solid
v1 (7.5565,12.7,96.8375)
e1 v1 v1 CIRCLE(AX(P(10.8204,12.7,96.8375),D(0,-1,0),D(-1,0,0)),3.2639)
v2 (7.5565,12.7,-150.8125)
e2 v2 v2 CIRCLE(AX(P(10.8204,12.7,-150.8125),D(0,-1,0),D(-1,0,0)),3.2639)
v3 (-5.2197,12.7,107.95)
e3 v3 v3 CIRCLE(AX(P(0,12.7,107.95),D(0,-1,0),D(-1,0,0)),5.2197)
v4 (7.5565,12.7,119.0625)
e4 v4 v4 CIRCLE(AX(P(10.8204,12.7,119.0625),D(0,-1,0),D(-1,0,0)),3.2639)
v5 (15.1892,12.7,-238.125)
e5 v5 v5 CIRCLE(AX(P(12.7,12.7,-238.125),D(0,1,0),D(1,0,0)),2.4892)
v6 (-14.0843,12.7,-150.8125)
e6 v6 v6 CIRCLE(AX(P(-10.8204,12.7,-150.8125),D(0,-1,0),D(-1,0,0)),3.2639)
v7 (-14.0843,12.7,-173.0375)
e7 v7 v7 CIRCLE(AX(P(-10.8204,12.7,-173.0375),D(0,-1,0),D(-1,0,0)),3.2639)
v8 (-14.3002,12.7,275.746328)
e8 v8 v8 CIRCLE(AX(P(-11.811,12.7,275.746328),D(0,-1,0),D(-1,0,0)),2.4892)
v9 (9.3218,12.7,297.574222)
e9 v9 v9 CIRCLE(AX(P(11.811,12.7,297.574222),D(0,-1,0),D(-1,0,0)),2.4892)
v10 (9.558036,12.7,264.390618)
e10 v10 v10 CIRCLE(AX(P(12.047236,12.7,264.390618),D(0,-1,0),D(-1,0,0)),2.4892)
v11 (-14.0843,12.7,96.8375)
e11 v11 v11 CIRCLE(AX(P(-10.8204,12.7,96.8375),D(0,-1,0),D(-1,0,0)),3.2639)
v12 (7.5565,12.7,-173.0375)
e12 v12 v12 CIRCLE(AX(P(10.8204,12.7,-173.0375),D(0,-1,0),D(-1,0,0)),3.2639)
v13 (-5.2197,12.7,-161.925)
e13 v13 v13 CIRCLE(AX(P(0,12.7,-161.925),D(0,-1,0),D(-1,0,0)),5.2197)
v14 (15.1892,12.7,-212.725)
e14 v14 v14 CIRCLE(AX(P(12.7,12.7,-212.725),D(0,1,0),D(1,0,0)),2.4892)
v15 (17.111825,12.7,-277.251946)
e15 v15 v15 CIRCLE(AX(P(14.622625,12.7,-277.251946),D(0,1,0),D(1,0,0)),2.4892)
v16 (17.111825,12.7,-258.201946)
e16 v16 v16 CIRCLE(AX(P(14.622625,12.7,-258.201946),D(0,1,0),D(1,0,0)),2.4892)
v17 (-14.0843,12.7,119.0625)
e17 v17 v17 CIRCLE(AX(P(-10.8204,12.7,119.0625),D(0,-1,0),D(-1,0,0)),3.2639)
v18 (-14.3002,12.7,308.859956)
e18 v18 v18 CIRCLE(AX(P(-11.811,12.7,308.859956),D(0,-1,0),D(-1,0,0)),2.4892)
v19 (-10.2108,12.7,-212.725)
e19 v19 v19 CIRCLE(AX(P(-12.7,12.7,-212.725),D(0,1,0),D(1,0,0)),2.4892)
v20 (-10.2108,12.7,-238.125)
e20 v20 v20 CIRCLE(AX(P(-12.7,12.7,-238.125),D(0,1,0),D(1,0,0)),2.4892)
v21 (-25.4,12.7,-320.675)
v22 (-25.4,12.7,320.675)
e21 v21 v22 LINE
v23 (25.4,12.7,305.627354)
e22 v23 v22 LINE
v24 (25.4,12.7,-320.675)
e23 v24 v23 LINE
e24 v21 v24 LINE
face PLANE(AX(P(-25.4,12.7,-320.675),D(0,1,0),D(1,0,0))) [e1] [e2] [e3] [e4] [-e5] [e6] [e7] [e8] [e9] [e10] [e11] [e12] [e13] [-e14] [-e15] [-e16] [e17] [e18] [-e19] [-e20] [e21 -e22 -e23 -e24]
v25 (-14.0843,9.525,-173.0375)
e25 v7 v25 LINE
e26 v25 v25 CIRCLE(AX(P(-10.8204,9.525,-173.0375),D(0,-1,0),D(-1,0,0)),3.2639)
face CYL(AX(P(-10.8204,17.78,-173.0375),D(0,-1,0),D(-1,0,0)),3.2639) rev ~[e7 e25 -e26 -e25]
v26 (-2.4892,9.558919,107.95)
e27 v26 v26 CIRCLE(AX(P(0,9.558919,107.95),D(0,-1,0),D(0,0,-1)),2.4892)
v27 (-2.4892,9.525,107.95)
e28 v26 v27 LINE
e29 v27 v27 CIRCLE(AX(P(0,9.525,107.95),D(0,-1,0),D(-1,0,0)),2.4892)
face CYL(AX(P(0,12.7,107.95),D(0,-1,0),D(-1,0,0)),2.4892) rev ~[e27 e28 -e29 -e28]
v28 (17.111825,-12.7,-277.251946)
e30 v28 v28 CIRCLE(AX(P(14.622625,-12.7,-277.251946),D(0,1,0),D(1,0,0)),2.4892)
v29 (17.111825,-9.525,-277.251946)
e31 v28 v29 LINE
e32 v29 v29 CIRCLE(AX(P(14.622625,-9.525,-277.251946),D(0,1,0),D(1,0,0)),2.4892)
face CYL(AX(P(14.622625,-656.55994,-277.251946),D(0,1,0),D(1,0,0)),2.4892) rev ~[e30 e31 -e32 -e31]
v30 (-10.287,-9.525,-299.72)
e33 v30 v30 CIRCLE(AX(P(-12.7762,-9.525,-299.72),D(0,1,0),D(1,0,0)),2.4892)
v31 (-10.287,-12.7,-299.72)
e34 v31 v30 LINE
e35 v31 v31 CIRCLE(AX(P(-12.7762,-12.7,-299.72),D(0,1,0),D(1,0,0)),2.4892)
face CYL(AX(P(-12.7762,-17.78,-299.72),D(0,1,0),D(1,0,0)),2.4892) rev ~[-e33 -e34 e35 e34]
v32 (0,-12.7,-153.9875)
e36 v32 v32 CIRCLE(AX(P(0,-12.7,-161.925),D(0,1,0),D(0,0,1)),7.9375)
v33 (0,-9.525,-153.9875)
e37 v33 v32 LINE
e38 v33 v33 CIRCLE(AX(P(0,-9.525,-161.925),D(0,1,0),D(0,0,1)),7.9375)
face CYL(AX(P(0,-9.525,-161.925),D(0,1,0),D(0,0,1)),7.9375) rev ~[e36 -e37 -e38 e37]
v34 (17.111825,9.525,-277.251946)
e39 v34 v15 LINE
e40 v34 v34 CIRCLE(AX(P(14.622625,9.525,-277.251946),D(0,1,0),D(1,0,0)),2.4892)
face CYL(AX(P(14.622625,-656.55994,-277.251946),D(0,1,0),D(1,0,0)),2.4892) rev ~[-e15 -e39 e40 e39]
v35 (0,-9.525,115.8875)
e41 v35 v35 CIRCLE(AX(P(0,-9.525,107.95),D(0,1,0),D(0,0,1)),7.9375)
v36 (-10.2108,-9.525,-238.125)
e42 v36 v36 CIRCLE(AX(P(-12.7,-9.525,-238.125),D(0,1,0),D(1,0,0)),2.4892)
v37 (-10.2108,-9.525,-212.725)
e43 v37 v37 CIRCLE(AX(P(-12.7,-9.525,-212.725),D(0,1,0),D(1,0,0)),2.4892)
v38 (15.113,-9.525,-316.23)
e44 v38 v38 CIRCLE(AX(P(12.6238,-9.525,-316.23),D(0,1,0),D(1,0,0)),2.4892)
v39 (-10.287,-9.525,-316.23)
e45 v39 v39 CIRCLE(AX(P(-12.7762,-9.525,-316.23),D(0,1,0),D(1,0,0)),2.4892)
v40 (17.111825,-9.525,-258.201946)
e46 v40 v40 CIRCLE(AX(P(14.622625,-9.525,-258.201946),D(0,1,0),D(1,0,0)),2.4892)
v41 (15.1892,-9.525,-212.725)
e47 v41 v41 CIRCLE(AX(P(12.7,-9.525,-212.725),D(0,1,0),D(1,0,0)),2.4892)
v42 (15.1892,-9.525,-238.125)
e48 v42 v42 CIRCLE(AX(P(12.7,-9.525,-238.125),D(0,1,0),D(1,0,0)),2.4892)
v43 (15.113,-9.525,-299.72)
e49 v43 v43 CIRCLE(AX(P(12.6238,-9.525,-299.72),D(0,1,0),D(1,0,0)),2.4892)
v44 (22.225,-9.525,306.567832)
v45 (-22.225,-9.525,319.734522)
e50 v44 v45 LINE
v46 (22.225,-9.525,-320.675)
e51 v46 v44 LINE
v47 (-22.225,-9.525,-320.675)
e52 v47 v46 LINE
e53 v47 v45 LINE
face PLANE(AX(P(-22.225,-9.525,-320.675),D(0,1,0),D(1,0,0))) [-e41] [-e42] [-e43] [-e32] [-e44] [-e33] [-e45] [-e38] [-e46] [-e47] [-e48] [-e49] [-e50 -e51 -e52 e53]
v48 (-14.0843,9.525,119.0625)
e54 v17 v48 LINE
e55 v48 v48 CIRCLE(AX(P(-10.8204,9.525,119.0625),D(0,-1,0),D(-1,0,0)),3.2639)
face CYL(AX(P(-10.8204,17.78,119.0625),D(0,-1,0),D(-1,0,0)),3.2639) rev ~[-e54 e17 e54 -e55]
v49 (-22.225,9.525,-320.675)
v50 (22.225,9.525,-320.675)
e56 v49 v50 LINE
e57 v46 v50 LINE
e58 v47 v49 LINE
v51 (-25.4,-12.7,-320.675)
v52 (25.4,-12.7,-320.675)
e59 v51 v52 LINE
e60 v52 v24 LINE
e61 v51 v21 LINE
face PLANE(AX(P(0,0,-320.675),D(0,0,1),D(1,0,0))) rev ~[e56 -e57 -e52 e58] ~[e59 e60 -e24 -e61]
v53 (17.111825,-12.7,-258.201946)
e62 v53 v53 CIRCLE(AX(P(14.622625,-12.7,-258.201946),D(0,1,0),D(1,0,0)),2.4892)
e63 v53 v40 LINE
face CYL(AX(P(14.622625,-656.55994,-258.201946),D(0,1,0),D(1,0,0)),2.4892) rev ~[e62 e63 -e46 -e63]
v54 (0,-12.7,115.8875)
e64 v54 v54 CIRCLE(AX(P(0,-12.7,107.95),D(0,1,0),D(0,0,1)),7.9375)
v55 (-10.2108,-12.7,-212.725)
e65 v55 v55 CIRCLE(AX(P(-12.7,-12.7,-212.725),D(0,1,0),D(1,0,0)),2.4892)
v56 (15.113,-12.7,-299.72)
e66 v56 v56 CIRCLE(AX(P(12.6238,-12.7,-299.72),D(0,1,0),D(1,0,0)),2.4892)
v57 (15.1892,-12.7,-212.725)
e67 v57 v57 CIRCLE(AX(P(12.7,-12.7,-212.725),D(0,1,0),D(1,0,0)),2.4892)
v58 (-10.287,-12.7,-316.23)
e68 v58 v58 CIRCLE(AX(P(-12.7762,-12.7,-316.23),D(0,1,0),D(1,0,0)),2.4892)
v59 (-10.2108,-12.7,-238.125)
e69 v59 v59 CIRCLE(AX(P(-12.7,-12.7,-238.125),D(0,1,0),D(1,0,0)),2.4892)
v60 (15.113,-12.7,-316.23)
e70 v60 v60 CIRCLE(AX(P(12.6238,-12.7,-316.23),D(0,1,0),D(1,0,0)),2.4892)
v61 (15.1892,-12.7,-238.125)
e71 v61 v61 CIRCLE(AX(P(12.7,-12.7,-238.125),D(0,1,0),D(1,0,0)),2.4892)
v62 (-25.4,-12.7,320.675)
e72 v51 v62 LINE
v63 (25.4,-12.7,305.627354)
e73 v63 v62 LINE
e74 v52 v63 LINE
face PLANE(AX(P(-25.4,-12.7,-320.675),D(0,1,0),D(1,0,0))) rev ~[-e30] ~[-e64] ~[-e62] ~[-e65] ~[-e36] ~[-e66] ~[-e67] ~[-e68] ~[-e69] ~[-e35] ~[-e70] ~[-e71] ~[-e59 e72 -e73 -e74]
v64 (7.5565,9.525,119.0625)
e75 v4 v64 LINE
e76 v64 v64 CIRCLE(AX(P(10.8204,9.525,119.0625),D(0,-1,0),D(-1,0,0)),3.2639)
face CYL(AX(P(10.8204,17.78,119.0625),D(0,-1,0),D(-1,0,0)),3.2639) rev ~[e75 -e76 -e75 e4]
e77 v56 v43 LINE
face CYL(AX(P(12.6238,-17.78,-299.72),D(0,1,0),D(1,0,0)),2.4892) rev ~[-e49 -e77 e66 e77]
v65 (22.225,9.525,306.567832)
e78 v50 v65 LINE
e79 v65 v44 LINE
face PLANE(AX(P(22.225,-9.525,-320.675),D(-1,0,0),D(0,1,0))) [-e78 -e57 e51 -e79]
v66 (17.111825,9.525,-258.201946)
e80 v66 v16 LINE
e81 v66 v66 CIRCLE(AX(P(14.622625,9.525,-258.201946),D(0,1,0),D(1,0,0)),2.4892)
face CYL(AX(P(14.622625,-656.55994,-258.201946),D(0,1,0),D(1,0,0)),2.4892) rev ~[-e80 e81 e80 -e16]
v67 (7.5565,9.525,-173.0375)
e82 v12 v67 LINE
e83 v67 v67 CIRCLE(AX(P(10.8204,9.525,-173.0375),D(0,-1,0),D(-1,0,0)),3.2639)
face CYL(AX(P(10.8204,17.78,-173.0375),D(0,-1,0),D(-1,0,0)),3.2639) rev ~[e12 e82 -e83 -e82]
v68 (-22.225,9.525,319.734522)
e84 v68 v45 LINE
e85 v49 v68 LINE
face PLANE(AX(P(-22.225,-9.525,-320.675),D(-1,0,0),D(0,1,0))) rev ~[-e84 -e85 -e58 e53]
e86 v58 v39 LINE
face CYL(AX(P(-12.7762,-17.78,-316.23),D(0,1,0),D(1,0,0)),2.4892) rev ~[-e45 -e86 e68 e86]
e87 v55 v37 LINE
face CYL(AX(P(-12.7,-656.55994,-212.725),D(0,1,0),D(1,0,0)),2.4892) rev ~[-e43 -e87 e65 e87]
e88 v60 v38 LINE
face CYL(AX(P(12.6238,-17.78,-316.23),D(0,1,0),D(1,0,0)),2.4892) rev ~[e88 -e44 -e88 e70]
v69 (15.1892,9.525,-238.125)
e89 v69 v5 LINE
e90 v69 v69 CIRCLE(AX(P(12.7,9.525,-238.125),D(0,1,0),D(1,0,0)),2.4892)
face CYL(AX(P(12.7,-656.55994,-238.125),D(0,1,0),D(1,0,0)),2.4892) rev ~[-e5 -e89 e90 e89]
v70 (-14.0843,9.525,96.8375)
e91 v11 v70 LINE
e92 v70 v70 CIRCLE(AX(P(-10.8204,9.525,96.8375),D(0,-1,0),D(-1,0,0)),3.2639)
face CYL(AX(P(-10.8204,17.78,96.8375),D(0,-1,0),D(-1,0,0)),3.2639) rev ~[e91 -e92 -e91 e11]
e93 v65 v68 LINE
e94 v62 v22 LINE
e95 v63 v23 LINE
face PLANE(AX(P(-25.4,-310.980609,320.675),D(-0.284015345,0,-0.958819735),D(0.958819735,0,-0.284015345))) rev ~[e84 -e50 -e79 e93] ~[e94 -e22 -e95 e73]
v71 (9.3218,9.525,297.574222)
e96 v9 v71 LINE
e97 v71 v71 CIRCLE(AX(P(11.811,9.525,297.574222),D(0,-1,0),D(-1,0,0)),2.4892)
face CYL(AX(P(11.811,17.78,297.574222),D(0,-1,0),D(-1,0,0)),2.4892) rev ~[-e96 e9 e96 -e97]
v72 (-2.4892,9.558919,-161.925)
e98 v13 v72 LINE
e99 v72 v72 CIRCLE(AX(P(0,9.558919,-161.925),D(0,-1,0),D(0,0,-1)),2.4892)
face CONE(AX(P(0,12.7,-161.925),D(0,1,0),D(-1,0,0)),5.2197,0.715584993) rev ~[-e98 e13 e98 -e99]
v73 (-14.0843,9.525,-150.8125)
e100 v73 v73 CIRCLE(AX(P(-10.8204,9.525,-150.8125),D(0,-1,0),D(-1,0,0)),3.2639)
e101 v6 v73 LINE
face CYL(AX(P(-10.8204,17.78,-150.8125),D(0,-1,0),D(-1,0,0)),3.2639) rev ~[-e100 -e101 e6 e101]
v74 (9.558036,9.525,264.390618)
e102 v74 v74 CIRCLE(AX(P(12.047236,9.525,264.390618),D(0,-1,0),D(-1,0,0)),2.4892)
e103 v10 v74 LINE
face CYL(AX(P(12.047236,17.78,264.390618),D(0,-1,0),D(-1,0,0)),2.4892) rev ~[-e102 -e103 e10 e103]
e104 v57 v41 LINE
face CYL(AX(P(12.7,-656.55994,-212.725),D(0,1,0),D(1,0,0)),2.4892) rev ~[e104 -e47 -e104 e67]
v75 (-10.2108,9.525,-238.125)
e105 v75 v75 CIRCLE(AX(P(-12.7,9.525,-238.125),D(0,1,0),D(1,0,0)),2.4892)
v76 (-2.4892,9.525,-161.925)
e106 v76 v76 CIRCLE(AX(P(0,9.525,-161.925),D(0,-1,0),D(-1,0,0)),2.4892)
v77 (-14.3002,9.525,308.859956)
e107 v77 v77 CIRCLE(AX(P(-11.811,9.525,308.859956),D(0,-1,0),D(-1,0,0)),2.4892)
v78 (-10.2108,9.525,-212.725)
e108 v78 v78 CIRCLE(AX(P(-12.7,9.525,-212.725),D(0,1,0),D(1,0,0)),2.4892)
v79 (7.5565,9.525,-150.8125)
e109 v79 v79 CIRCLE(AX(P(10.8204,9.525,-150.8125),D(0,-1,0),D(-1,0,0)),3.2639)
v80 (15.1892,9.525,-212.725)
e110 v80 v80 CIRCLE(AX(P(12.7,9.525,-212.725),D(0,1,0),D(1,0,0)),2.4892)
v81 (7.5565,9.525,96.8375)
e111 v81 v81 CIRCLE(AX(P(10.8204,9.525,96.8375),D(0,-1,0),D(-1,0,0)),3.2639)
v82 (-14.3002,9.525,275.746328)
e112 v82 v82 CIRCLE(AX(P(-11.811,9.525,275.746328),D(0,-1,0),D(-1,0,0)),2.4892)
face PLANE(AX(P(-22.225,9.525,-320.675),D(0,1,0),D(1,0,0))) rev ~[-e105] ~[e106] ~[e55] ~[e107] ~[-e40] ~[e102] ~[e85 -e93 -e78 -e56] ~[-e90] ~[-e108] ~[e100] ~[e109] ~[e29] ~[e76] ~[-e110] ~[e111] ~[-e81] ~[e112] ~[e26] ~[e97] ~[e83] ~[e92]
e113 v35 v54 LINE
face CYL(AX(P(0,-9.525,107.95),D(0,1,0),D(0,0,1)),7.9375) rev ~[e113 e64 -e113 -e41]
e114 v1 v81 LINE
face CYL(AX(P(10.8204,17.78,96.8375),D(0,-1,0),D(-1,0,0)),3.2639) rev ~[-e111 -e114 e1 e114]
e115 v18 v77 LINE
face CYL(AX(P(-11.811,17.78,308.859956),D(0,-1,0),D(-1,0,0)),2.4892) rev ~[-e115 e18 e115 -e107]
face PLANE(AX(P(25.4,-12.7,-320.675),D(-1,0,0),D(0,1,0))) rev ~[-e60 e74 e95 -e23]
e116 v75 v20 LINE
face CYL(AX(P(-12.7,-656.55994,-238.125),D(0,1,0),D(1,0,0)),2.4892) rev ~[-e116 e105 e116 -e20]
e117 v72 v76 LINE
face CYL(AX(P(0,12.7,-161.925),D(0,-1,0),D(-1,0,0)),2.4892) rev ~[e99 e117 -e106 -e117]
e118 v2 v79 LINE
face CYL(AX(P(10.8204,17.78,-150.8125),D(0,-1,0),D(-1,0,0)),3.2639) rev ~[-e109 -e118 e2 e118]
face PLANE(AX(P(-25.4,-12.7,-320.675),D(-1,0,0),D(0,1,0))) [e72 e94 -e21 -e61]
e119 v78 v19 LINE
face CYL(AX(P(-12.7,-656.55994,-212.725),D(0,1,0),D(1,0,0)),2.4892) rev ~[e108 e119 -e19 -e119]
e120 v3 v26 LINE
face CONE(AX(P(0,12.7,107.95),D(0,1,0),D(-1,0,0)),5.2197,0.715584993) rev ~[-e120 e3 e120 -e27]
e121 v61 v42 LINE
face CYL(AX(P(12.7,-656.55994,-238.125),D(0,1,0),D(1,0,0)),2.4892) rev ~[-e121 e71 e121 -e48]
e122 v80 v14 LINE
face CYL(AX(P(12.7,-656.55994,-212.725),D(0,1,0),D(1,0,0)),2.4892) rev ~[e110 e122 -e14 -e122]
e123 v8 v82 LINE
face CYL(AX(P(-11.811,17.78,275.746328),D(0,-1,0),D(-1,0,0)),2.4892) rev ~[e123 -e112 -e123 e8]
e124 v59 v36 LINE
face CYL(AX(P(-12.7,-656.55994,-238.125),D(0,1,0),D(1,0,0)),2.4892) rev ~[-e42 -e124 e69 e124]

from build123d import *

# Parameters (mm, degrees)
BOSS_EXTRUDE1_DEPTH              = 320.675
BOSS_EXTRUDE1_DEPTH_BACK         = 320.675
SKETCH3_W                        = 50.8
SKETCH3_H                        = 25.4
SKETCH3_W_2                      = 44.45
SKETCH3_H_2                      = 19.05
CUT_EXTRUDE1_DEPTH               = 323.680609311
CUT_EXTRUDE1_DEPTH_BACK          = 323.680609311
F_10_CLEARANCE_HOLE1_D           = 4.9784
F_10_CLEARANCE_HOLE1_DEPTH       = 5.08
F_10_CLEARANCE_HOLE1_TIP         = 1.495662253
F_10_CLEARANCE_HOLE3_D           = 4.9784
F_10_CLEARANCE_HOLE3_DEPTH       = 5.08
F_10_CLEARANCE_HOLE3_TIP         = 1.495662253
F_10_CLEARANCE_HOLE4_D           = 4.9784
F_1_4_CLEARANCE_HOLE1_D          = 6.5278
F_1_4_CLEARANCE_HOLE1_DEPTH      = 5.08
F_1_4_CLEARANCE_HOLE1_TIP        = 1.961148974
F_10_CLEARANCE_HOLE5_D           = 4.9784
F_10_CLEARANCE_HOLE5_DEPTH       = 5.08
F_10_CLEARANCE_HOLE5_CSINK_D     = 10.4394
F_10_CLEARANCE_HOLE5_CSINK_ANGLE = 82
F_10_CLEARANCE_HOLE5_TIP         = 1.495662253
SKETCH25_R                       = 7.9375
CUT_EXTRUDE2_DEPTH               = 323.44622226


with BuildPart() as part:
    # Sketch3 → Boss-Extrude1 (new, two sides: drawn at the far end of the back side and taken through both)
    with BuildSketch(Plane.XY.offset(-BOSS_EXTRUDE1_DEPTH_BACK)):
        Rectangle(SKETCH3_W, SKETCH3_H)
        Rectangle(SKETCH3_W_2, SKETCH3_H_2, mode=Mode.SUBTRACT)
    extrude(amount=BOSS_EXTRUDE1_DEPTH + BOSS_EXTRUDE1_DEPTH_BACK)

    # Sketch4 → Cut-Extrude1 (cut, two sides: drawn at the far end of the back side and taken through both)
    with BuildSketch(Plane(origin=(0, 12.7, 0), x_dir=(1, 0, 0), z_dir=(0, 1, 0)).offset(-CUT_EXTRUDE1_DEPTH_BACK)):
        Polygon((1322.117470931, -320.675), (25.4, -320.675), (-25.4, -320.675), (25.4, -305.627354456), (1268.718301677, 62.660305034), (3837.350959621, 420.474595165), (3890.750128875, 37.139290131), align=None)
    extrude(amount=CUT_EXTRUDE1_DEPTH + CUT_EXTRUDE1_DEPTH_BACK, mode=Mode.SUBTRACT)

    # #10 Clearance Hole1
    with Locations(Plane(origin=(0, 12.7, 0), x_dir=(1, 0, 0), z_dir=(0, 1, 0))):
        with Locations((-11.811, -275.746327933), (-11.811, -308.859955913), (11.811, -297.574221755), (12.047235668, -264.390617583)):
            Hole(F_10_CLEARANCE_HOLE1_D / 2, depth=F_10_CLEARANCE_HOLE1_DEPTH)
            with Locations((0, 0, -(F_10_CLEARANCE_HOLE1_DEPTH + F_10_CLEARANCE_HOLE1_TIP / 2))):  # 118° drill point
                Cone(0, F_10_CLEARANCE_HOLE1_D / 2, F_10_CLEARANCE_HOLE1_TIP, mode=Mode.SUBTRACT)

    # #10 Clearance Hole3
    with Locations(Plane(origin=(0, -12.7, 0), x_dir=(-1, 0, 0), z_dir=(0, -1, 0))):
        with Locations((-12.6238, 299.72), (12.7762, 299.72), (12.7762, 316.23), (-12.6238, 316.23)):
            Hole(F_10_CLEARANCE_HOLE3_D / 2, depth=F_10_CLEARANCE_HOLE3_DEPTH)
            with Locations((0, 0, -(F_10_CLEARANCE_HOLE3_DEPTH + F_10_CLEARANCE_HOLE3_TIP / 2))):  # 118° drill point
                Cone(0, F_10_CLEARANCE_HOLE3_D / 2, F_10_CLEARANCE_HOLE3_TIP, mode=Mode.SUBTRACT)

    # #10 Clearance Hole4 (through all)
    with Locations(Plane(origin=(0, -12.7, 0), x_dir=(-1, 0, 0), z_dir=(0, -1, 0))):
        with Locations((-12.7, 238.125), (12.7, 238.125), (12.7, 212.725), (-12.7, 212.725), (-14.622625311, 277.25194622), (-14.622625311, 258.20194622)):
            Hole(F_10_CLEARANCE_HOLE4_D / 2)

    # 1/4 Clearance Hole1
    with Locations(Plane(origin=(0, 12.7, 0), x_dir=(1, 0, 0), z_dir=(0, 1, 0))):
        with Locations((-10.8204, 173.0375), (10.8204, 173.0375), (10.8204, 150.8125), (-10.8204, 150.8125), (-10.8204, -96.8375), (10.8204, -96.8375), (-10.8204, -119.0625), (10.8204, -119.0625)):
            Hole(F_1_4_CLEARANCE_HOLE1_D / 2, depth=F_1_4_CLEARANCE_HOLE1_DEPTH)
            with Locations((0, 0, -(F_1_4_CLEARANCE_HOLE1_DEPTH + F_1_4_CLEARANCE_HOLE1_TIP / 2))):  # 118° drill point
                Cone(0, F_1_4_CLEARANCE_HOLE1_D / 2, F_1_4_CLEARANCE_HOLE1_TIP, mode=Mode.SUBTRACT)

    # #10 Clearance Hole5
    with Locations(Plane(origin=(0, 12.7, 0), x_dir=(1, 0, 0), z_dir=(0, 1, 0))):
        with Locations((0, -107.95), (0, 161.925)):
            CounterSinkHole(F_10_CLEARANCE_HOLE5_D / 2, F_10_CLEARANCE_HOLE5_CSINK_D / 2, depth=F_10_CLEARANCE_HOLE5_DEPTH, counter_sink_angle=F_10_CLEARANCE_HOLE5_CSINK_ANGLE)
            with Locations((0, 0, -(F_10_CLEARANCE_HOLE5_DEPTH + F_10_CLEARANCE_HOLE5_TIP / 2))):  # 118° drill point
                Cone(0, F_10_CLEARANCE_HOLE5_D / 2, F_10_CLEARANCE_HOLE5_TIP, mode=Mode.SUBTRACT)

    # Sketch25 → Cut-Extrude2 (cut, through all)
    with BuildSketch(Plane(origin=(0, -9.525, 0), x_dir=(1, 0, 0), z_dir=(0, 1, 0))):
        with Locations(Location((0, -107.95, 0), (0, 0, 270))):
            Circle(SKETCH25_R)
        with Locations(Location((0, 161.925, 0), (0, 0, 270))):
            Circle(SKETCH25_R)
    extrude(amount=-CUT_EXTRUDE2_DEPTH, mode=Mode.SUBTRACT)


solid = part.part
